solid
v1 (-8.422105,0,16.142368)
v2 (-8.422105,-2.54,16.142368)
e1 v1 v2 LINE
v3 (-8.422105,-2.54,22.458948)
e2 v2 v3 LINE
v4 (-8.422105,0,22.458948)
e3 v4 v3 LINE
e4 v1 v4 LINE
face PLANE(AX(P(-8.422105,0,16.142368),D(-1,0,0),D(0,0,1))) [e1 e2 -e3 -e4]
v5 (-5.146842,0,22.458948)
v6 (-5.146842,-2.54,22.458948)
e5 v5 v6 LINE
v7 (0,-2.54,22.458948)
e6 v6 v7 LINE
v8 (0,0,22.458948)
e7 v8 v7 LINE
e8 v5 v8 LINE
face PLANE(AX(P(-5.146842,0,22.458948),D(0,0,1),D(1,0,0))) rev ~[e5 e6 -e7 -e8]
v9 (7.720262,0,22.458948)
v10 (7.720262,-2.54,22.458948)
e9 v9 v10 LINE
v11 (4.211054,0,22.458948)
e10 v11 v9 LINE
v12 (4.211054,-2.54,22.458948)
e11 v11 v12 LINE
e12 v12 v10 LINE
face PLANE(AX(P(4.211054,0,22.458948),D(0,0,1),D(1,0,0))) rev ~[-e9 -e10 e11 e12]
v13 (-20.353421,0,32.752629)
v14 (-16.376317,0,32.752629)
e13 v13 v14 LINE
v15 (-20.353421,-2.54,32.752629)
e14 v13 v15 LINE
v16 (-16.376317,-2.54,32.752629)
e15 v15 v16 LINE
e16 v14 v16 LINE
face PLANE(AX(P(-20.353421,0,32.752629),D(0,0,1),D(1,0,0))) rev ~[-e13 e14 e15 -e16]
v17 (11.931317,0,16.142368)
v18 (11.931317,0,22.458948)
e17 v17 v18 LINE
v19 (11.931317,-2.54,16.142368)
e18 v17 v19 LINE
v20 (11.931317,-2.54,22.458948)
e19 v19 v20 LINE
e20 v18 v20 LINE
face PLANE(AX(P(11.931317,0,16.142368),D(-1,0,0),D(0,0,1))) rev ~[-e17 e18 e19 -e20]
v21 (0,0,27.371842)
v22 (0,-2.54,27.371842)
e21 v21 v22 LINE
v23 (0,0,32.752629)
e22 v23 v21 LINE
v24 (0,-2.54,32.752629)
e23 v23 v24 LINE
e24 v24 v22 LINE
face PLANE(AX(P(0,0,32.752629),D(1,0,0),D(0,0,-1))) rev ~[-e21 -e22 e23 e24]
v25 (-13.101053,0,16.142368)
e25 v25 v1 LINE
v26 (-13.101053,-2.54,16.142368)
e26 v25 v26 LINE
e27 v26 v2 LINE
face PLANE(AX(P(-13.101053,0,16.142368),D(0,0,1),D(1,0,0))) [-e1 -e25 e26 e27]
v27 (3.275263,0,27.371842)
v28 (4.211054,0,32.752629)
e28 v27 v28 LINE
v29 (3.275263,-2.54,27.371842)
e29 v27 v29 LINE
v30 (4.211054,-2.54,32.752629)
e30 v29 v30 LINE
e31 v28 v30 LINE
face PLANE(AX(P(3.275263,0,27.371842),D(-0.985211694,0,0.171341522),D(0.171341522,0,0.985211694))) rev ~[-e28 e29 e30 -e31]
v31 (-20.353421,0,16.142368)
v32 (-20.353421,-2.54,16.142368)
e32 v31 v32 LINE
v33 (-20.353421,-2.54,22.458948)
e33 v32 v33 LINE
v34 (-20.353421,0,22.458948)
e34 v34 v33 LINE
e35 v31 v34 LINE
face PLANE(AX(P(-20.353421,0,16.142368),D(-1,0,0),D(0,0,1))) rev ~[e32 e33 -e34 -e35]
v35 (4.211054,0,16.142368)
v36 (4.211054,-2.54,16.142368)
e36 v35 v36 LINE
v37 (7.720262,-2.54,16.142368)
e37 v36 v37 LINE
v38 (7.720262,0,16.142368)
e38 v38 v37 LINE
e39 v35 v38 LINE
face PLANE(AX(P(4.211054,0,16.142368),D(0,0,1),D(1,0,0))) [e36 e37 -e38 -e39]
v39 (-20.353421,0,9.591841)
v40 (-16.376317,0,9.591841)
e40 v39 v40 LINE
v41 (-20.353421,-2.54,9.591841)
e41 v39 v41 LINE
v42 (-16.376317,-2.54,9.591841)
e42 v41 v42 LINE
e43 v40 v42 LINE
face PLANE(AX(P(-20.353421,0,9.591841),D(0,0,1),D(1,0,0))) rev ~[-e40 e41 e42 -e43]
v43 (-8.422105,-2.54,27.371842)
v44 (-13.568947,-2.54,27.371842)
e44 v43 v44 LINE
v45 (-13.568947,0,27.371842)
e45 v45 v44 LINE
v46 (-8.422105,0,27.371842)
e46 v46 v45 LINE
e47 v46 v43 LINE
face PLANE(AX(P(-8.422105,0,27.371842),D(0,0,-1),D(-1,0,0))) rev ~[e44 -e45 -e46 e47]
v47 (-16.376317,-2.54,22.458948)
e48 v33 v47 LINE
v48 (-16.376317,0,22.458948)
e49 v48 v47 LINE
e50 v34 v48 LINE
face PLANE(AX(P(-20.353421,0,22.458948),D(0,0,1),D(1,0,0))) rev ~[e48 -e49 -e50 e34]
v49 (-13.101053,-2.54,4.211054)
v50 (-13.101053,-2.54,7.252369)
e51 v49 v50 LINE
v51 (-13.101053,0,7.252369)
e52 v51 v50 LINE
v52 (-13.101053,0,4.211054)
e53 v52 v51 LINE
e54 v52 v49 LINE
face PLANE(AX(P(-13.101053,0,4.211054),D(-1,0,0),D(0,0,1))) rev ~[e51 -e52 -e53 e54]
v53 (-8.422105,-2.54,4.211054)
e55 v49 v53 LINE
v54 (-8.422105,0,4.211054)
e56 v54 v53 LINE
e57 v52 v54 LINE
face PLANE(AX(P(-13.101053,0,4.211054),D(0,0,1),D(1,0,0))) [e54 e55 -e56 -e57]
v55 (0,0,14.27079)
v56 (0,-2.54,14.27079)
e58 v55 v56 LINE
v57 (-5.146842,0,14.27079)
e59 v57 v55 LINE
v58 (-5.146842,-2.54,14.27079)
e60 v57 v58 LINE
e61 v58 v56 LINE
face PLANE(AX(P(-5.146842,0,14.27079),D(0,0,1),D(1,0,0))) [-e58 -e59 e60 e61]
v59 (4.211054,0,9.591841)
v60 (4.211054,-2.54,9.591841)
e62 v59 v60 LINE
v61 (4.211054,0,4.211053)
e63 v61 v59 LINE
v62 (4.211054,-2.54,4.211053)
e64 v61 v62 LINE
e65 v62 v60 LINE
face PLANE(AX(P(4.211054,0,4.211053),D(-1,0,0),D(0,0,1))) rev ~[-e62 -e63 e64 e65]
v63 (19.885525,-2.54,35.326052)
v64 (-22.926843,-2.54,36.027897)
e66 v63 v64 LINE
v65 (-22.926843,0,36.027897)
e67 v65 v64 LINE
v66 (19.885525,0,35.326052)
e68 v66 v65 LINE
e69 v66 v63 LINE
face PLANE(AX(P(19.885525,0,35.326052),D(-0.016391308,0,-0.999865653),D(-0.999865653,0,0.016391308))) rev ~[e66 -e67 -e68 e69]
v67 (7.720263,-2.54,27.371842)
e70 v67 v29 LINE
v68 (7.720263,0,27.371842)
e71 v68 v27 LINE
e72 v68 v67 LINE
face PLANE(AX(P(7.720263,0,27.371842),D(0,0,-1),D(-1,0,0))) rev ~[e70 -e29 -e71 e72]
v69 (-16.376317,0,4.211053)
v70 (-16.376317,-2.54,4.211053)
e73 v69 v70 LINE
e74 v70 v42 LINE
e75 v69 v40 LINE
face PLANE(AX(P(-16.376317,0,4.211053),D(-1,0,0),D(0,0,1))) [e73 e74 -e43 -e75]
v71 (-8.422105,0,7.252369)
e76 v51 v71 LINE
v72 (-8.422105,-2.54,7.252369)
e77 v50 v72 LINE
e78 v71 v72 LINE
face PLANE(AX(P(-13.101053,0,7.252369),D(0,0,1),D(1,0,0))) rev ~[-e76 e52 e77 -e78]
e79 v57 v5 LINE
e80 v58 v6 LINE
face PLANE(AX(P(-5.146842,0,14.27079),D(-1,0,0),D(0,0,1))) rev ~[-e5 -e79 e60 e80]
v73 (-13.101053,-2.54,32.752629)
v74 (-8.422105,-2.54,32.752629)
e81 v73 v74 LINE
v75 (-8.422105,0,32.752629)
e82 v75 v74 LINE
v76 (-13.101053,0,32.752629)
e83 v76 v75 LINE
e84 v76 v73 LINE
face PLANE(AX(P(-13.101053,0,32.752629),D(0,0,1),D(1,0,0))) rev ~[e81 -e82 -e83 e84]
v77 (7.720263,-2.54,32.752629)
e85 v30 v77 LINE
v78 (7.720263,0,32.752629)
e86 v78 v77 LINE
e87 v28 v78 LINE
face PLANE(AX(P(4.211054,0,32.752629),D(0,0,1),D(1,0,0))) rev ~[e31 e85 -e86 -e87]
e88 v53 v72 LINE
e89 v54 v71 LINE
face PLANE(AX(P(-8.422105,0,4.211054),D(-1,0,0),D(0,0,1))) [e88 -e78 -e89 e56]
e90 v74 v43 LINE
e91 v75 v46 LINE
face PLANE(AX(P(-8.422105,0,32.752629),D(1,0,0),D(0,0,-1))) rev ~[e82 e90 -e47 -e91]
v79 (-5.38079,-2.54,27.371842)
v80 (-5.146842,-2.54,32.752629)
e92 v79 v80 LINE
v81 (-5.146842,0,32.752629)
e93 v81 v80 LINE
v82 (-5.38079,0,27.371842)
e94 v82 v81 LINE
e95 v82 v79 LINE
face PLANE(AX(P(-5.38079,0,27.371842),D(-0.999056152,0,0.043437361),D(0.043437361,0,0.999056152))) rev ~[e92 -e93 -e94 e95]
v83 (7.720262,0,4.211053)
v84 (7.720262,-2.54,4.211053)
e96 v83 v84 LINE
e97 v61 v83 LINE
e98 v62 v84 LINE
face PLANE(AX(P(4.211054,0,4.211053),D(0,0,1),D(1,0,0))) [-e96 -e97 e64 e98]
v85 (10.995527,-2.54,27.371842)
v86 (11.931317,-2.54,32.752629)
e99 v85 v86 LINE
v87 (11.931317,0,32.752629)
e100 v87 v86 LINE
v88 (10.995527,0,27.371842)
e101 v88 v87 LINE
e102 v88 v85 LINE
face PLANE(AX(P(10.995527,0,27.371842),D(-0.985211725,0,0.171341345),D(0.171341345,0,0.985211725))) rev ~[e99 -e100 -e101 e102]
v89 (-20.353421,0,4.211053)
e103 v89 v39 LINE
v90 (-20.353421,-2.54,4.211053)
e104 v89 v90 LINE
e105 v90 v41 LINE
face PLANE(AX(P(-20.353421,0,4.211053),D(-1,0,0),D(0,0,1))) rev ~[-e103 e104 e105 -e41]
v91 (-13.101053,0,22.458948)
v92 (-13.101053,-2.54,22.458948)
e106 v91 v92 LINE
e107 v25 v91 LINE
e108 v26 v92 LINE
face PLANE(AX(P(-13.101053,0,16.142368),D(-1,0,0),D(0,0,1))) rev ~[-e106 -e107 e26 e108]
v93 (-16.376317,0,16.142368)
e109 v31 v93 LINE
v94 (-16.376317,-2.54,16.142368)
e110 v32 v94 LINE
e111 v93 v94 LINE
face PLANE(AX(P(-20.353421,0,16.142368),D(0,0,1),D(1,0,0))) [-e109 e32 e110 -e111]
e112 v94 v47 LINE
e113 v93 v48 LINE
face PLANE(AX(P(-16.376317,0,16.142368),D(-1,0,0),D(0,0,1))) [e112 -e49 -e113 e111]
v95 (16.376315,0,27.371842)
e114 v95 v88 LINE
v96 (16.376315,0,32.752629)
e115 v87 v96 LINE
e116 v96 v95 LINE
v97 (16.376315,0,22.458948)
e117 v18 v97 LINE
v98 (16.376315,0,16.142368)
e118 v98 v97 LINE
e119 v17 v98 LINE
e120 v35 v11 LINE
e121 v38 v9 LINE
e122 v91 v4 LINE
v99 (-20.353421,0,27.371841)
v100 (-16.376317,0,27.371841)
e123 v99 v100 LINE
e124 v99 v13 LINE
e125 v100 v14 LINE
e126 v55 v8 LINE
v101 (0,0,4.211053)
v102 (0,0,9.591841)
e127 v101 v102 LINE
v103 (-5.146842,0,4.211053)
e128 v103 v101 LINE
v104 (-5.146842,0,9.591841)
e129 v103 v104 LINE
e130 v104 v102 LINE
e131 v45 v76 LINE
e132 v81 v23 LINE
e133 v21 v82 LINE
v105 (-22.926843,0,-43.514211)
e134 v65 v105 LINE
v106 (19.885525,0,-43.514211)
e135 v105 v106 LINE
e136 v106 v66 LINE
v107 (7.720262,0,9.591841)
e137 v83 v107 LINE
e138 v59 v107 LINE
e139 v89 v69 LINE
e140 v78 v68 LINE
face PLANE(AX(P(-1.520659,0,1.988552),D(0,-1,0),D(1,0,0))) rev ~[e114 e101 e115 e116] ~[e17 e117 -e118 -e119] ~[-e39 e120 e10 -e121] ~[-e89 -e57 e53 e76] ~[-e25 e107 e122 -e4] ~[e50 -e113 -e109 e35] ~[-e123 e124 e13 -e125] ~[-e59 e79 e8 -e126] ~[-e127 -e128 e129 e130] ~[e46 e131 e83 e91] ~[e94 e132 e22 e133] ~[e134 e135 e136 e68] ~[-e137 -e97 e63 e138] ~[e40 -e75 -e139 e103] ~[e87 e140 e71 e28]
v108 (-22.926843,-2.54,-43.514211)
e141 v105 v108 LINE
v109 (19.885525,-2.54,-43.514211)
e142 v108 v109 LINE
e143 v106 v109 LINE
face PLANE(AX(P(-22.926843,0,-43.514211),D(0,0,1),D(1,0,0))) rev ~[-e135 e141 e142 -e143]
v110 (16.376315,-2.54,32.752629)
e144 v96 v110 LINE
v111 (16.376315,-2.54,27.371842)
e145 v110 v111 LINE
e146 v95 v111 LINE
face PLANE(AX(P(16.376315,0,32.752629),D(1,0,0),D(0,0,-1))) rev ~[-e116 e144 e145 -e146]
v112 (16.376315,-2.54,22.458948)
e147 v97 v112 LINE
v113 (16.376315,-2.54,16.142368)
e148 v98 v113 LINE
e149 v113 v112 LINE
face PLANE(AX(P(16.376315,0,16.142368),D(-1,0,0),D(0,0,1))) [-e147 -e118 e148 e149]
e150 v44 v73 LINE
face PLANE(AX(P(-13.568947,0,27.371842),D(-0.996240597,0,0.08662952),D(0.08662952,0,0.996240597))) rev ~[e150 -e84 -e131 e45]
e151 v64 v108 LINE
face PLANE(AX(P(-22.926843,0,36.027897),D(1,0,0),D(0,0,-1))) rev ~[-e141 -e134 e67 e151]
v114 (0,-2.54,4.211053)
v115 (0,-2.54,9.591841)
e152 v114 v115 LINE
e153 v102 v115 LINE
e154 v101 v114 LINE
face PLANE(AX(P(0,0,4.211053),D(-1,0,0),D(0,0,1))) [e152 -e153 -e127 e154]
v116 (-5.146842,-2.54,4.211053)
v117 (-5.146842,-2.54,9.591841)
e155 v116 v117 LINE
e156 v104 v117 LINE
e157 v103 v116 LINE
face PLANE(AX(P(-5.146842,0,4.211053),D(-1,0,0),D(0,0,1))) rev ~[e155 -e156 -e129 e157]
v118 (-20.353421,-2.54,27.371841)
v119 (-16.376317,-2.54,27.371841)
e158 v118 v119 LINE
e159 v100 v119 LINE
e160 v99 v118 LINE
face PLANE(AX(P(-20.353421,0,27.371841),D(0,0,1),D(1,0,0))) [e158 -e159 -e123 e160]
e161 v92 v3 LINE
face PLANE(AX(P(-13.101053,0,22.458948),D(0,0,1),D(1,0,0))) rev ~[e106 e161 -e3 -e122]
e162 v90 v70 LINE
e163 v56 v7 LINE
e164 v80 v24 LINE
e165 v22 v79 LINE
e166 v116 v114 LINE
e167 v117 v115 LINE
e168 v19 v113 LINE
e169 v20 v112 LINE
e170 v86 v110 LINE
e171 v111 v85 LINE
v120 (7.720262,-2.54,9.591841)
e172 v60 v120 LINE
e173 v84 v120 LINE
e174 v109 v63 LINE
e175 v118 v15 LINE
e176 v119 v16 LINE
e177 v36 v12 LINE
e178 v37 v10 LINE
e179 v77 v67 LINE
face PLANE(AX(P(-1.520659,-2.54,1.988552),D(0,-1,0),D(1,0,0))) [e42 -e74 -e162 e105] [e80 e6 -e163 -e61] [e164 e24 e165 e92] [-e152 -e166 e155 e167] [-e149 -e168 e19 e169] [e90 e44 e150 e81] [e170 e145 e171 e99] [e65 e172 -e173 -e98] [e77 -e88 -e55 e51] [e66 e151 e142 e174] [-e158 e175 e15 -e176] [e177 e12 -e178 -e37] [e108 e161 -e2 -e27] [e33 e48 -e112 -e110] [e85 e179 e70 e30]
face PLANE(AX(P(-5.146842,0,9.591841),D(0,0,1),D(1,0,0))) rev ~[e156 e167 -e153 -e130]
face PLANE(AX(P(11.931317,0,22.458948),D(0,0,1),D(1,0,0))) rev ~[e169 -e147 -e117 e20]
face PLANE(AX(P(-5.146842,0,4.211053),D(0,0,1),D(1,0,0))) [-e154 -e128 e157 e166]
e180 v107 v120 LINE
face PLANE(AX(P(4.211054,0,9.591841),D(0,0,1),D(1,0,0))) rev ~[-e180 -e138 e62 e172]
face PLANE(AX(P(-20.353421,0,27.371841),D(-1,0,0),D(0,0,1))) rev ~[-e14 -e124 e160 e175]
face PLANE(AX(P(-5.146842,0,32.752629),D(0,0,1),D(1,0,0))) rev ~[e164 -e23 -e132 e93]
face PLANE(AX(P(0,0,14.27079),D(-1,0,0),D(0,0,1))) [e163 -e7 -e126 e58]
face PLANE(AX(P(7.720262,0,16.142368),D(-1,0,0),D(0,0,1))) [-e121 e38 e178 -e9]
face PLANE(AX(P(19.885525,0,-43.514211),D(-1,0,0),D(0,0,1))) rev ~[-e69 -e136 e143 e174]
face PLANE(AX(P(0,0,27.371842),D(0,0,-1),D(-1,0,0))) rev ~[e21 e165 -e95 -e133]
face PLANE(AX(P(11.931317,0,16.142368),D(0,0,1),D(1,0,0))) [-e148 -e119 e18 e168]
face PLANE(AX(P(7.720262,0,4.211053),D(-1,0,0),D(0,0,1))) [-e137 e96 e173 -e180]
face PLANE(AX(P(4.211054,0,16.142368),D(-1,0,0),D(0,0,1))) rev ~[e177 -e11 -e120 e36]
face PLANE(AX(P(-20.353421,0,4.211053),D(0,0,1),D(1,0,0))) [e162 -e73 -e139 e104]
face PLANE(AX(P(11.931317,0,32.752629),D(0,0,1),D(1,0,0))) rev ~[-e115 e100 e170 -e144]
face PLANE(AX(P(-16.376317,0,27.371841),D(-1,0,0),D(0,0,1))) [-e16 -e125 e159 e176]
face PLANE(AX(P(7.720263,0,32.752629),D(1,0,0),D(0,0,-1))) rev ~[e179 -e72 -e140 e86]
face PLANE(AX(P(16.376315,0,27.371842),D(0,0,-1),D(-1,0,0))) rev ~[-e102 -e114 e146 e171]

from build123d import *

# Parameters (mm, degrees)
F0_W     = 3.977105
F0_H     = 5.380789
F0_W_2   = 4.678948
F0_H_2   = 3.041315
F0_W_3   = 5.146842
F0_H_3   = 6.31658
F0_H_4   = 5.380787
F0_H_5   = 8.188158
F0_W_4   = 3.509209
F0_W_5   = 4.444998
F0_R     = 4.004533
F1_DEPTH = 2.54


with BuildPart() as f1:
    # F0 (on Front) → F1 (new body)
    with BuildSketch(Plane.XZ):
        Polygon((19.885525, -32.050792), (19.885525, 35.326052), (-22.926843, 36.027897), (-22.926843, -31.348947), align=None)
        with Locations((-18.364869, 6.901447)):
            Rectangle(F0_W, F0_H, mode=Mode.SUBTRACT)
        with Locations((-10.761579, 5.731711)):
            Rectangle(F0_W_2, F0_H_2, mode=Mode.SUBTRACT)
        with Locations((-2.573421, 6.901447)):
            Rectangle(F0_W_3, F0_H, mode=Mode.SUBTRACT)
        with Locations((-18.364869, 19.300658)):
            Rectangle(F0_W, F0_H_3, mode=Mode.SUBTRACT)
        with Locations((-18.364869, 30.062235)):
            Rectangle(F0_W, F0_H_4, mode=Mode.SUBTRACT)
        with Locations((-10.761579, 19.300658)):
            Rectangle(F0_W_2, F0_H_3, mode=Mode.SUBTRACT)
        with Locations((-2.573421, 18.364869)):
            Rectangle(F0_W_3, F0_H_5, mode=Mode.SUBTRACT)
        Polygon((-13.568947, 27.371842), (-13.101053, 32.752629), (-8.422105, 32.752629), (-8.422105, 27.371842), align=None, mode=Mode.SUBTRACT)
        Polygon((-5.38079, 27.371842), (-5.146842, 32.752629), (0, 32.752629), (0, 27.371842), align=None, mode=Mode.SUBTRACT)
        with Locations((5.965658, 6.901447)):
            Rectangle(F0_W_4, F0_H, mode=Mode.SUBTRACT)
        with Locations((5.965658, 19.300658)):
            Rectangle(F0_W_4, F0_H_3, mode=Mode.SUBTRACT)
        Polygon((3.275263, 27.371842), (4.211054, 32.752629), (7.720263, 32.752629), (7.720263, 27.371842), align=None, mode=Mode.SUBTRACT)
        with Locations((14.153816, 19.300658)):
            Rectangle(F0_W_5, F0_H_3, mode=Mode.SUBTRACT)
        Polygon((10.995527, 27.371842), (11.931317, 32.752629), (16.376315, 32.752629), (16.376315, 27.371842), align=None, mode=Mode.SUBTRACT)
        Polygon((19.885525, -43.514211), (19.885525, -32.050792), (-22.926843, -31.348947), (-22.926843, -43.514211), align=None)
        with Locations((0, -37.665527)):
            Circle(F0_R, mode=Mode.SUBTRACT)
        with Locations((0, -37.665527)):
            Circle(F0_R)
    extrude(amount=F1_DEPTH)


solid = f1.part
